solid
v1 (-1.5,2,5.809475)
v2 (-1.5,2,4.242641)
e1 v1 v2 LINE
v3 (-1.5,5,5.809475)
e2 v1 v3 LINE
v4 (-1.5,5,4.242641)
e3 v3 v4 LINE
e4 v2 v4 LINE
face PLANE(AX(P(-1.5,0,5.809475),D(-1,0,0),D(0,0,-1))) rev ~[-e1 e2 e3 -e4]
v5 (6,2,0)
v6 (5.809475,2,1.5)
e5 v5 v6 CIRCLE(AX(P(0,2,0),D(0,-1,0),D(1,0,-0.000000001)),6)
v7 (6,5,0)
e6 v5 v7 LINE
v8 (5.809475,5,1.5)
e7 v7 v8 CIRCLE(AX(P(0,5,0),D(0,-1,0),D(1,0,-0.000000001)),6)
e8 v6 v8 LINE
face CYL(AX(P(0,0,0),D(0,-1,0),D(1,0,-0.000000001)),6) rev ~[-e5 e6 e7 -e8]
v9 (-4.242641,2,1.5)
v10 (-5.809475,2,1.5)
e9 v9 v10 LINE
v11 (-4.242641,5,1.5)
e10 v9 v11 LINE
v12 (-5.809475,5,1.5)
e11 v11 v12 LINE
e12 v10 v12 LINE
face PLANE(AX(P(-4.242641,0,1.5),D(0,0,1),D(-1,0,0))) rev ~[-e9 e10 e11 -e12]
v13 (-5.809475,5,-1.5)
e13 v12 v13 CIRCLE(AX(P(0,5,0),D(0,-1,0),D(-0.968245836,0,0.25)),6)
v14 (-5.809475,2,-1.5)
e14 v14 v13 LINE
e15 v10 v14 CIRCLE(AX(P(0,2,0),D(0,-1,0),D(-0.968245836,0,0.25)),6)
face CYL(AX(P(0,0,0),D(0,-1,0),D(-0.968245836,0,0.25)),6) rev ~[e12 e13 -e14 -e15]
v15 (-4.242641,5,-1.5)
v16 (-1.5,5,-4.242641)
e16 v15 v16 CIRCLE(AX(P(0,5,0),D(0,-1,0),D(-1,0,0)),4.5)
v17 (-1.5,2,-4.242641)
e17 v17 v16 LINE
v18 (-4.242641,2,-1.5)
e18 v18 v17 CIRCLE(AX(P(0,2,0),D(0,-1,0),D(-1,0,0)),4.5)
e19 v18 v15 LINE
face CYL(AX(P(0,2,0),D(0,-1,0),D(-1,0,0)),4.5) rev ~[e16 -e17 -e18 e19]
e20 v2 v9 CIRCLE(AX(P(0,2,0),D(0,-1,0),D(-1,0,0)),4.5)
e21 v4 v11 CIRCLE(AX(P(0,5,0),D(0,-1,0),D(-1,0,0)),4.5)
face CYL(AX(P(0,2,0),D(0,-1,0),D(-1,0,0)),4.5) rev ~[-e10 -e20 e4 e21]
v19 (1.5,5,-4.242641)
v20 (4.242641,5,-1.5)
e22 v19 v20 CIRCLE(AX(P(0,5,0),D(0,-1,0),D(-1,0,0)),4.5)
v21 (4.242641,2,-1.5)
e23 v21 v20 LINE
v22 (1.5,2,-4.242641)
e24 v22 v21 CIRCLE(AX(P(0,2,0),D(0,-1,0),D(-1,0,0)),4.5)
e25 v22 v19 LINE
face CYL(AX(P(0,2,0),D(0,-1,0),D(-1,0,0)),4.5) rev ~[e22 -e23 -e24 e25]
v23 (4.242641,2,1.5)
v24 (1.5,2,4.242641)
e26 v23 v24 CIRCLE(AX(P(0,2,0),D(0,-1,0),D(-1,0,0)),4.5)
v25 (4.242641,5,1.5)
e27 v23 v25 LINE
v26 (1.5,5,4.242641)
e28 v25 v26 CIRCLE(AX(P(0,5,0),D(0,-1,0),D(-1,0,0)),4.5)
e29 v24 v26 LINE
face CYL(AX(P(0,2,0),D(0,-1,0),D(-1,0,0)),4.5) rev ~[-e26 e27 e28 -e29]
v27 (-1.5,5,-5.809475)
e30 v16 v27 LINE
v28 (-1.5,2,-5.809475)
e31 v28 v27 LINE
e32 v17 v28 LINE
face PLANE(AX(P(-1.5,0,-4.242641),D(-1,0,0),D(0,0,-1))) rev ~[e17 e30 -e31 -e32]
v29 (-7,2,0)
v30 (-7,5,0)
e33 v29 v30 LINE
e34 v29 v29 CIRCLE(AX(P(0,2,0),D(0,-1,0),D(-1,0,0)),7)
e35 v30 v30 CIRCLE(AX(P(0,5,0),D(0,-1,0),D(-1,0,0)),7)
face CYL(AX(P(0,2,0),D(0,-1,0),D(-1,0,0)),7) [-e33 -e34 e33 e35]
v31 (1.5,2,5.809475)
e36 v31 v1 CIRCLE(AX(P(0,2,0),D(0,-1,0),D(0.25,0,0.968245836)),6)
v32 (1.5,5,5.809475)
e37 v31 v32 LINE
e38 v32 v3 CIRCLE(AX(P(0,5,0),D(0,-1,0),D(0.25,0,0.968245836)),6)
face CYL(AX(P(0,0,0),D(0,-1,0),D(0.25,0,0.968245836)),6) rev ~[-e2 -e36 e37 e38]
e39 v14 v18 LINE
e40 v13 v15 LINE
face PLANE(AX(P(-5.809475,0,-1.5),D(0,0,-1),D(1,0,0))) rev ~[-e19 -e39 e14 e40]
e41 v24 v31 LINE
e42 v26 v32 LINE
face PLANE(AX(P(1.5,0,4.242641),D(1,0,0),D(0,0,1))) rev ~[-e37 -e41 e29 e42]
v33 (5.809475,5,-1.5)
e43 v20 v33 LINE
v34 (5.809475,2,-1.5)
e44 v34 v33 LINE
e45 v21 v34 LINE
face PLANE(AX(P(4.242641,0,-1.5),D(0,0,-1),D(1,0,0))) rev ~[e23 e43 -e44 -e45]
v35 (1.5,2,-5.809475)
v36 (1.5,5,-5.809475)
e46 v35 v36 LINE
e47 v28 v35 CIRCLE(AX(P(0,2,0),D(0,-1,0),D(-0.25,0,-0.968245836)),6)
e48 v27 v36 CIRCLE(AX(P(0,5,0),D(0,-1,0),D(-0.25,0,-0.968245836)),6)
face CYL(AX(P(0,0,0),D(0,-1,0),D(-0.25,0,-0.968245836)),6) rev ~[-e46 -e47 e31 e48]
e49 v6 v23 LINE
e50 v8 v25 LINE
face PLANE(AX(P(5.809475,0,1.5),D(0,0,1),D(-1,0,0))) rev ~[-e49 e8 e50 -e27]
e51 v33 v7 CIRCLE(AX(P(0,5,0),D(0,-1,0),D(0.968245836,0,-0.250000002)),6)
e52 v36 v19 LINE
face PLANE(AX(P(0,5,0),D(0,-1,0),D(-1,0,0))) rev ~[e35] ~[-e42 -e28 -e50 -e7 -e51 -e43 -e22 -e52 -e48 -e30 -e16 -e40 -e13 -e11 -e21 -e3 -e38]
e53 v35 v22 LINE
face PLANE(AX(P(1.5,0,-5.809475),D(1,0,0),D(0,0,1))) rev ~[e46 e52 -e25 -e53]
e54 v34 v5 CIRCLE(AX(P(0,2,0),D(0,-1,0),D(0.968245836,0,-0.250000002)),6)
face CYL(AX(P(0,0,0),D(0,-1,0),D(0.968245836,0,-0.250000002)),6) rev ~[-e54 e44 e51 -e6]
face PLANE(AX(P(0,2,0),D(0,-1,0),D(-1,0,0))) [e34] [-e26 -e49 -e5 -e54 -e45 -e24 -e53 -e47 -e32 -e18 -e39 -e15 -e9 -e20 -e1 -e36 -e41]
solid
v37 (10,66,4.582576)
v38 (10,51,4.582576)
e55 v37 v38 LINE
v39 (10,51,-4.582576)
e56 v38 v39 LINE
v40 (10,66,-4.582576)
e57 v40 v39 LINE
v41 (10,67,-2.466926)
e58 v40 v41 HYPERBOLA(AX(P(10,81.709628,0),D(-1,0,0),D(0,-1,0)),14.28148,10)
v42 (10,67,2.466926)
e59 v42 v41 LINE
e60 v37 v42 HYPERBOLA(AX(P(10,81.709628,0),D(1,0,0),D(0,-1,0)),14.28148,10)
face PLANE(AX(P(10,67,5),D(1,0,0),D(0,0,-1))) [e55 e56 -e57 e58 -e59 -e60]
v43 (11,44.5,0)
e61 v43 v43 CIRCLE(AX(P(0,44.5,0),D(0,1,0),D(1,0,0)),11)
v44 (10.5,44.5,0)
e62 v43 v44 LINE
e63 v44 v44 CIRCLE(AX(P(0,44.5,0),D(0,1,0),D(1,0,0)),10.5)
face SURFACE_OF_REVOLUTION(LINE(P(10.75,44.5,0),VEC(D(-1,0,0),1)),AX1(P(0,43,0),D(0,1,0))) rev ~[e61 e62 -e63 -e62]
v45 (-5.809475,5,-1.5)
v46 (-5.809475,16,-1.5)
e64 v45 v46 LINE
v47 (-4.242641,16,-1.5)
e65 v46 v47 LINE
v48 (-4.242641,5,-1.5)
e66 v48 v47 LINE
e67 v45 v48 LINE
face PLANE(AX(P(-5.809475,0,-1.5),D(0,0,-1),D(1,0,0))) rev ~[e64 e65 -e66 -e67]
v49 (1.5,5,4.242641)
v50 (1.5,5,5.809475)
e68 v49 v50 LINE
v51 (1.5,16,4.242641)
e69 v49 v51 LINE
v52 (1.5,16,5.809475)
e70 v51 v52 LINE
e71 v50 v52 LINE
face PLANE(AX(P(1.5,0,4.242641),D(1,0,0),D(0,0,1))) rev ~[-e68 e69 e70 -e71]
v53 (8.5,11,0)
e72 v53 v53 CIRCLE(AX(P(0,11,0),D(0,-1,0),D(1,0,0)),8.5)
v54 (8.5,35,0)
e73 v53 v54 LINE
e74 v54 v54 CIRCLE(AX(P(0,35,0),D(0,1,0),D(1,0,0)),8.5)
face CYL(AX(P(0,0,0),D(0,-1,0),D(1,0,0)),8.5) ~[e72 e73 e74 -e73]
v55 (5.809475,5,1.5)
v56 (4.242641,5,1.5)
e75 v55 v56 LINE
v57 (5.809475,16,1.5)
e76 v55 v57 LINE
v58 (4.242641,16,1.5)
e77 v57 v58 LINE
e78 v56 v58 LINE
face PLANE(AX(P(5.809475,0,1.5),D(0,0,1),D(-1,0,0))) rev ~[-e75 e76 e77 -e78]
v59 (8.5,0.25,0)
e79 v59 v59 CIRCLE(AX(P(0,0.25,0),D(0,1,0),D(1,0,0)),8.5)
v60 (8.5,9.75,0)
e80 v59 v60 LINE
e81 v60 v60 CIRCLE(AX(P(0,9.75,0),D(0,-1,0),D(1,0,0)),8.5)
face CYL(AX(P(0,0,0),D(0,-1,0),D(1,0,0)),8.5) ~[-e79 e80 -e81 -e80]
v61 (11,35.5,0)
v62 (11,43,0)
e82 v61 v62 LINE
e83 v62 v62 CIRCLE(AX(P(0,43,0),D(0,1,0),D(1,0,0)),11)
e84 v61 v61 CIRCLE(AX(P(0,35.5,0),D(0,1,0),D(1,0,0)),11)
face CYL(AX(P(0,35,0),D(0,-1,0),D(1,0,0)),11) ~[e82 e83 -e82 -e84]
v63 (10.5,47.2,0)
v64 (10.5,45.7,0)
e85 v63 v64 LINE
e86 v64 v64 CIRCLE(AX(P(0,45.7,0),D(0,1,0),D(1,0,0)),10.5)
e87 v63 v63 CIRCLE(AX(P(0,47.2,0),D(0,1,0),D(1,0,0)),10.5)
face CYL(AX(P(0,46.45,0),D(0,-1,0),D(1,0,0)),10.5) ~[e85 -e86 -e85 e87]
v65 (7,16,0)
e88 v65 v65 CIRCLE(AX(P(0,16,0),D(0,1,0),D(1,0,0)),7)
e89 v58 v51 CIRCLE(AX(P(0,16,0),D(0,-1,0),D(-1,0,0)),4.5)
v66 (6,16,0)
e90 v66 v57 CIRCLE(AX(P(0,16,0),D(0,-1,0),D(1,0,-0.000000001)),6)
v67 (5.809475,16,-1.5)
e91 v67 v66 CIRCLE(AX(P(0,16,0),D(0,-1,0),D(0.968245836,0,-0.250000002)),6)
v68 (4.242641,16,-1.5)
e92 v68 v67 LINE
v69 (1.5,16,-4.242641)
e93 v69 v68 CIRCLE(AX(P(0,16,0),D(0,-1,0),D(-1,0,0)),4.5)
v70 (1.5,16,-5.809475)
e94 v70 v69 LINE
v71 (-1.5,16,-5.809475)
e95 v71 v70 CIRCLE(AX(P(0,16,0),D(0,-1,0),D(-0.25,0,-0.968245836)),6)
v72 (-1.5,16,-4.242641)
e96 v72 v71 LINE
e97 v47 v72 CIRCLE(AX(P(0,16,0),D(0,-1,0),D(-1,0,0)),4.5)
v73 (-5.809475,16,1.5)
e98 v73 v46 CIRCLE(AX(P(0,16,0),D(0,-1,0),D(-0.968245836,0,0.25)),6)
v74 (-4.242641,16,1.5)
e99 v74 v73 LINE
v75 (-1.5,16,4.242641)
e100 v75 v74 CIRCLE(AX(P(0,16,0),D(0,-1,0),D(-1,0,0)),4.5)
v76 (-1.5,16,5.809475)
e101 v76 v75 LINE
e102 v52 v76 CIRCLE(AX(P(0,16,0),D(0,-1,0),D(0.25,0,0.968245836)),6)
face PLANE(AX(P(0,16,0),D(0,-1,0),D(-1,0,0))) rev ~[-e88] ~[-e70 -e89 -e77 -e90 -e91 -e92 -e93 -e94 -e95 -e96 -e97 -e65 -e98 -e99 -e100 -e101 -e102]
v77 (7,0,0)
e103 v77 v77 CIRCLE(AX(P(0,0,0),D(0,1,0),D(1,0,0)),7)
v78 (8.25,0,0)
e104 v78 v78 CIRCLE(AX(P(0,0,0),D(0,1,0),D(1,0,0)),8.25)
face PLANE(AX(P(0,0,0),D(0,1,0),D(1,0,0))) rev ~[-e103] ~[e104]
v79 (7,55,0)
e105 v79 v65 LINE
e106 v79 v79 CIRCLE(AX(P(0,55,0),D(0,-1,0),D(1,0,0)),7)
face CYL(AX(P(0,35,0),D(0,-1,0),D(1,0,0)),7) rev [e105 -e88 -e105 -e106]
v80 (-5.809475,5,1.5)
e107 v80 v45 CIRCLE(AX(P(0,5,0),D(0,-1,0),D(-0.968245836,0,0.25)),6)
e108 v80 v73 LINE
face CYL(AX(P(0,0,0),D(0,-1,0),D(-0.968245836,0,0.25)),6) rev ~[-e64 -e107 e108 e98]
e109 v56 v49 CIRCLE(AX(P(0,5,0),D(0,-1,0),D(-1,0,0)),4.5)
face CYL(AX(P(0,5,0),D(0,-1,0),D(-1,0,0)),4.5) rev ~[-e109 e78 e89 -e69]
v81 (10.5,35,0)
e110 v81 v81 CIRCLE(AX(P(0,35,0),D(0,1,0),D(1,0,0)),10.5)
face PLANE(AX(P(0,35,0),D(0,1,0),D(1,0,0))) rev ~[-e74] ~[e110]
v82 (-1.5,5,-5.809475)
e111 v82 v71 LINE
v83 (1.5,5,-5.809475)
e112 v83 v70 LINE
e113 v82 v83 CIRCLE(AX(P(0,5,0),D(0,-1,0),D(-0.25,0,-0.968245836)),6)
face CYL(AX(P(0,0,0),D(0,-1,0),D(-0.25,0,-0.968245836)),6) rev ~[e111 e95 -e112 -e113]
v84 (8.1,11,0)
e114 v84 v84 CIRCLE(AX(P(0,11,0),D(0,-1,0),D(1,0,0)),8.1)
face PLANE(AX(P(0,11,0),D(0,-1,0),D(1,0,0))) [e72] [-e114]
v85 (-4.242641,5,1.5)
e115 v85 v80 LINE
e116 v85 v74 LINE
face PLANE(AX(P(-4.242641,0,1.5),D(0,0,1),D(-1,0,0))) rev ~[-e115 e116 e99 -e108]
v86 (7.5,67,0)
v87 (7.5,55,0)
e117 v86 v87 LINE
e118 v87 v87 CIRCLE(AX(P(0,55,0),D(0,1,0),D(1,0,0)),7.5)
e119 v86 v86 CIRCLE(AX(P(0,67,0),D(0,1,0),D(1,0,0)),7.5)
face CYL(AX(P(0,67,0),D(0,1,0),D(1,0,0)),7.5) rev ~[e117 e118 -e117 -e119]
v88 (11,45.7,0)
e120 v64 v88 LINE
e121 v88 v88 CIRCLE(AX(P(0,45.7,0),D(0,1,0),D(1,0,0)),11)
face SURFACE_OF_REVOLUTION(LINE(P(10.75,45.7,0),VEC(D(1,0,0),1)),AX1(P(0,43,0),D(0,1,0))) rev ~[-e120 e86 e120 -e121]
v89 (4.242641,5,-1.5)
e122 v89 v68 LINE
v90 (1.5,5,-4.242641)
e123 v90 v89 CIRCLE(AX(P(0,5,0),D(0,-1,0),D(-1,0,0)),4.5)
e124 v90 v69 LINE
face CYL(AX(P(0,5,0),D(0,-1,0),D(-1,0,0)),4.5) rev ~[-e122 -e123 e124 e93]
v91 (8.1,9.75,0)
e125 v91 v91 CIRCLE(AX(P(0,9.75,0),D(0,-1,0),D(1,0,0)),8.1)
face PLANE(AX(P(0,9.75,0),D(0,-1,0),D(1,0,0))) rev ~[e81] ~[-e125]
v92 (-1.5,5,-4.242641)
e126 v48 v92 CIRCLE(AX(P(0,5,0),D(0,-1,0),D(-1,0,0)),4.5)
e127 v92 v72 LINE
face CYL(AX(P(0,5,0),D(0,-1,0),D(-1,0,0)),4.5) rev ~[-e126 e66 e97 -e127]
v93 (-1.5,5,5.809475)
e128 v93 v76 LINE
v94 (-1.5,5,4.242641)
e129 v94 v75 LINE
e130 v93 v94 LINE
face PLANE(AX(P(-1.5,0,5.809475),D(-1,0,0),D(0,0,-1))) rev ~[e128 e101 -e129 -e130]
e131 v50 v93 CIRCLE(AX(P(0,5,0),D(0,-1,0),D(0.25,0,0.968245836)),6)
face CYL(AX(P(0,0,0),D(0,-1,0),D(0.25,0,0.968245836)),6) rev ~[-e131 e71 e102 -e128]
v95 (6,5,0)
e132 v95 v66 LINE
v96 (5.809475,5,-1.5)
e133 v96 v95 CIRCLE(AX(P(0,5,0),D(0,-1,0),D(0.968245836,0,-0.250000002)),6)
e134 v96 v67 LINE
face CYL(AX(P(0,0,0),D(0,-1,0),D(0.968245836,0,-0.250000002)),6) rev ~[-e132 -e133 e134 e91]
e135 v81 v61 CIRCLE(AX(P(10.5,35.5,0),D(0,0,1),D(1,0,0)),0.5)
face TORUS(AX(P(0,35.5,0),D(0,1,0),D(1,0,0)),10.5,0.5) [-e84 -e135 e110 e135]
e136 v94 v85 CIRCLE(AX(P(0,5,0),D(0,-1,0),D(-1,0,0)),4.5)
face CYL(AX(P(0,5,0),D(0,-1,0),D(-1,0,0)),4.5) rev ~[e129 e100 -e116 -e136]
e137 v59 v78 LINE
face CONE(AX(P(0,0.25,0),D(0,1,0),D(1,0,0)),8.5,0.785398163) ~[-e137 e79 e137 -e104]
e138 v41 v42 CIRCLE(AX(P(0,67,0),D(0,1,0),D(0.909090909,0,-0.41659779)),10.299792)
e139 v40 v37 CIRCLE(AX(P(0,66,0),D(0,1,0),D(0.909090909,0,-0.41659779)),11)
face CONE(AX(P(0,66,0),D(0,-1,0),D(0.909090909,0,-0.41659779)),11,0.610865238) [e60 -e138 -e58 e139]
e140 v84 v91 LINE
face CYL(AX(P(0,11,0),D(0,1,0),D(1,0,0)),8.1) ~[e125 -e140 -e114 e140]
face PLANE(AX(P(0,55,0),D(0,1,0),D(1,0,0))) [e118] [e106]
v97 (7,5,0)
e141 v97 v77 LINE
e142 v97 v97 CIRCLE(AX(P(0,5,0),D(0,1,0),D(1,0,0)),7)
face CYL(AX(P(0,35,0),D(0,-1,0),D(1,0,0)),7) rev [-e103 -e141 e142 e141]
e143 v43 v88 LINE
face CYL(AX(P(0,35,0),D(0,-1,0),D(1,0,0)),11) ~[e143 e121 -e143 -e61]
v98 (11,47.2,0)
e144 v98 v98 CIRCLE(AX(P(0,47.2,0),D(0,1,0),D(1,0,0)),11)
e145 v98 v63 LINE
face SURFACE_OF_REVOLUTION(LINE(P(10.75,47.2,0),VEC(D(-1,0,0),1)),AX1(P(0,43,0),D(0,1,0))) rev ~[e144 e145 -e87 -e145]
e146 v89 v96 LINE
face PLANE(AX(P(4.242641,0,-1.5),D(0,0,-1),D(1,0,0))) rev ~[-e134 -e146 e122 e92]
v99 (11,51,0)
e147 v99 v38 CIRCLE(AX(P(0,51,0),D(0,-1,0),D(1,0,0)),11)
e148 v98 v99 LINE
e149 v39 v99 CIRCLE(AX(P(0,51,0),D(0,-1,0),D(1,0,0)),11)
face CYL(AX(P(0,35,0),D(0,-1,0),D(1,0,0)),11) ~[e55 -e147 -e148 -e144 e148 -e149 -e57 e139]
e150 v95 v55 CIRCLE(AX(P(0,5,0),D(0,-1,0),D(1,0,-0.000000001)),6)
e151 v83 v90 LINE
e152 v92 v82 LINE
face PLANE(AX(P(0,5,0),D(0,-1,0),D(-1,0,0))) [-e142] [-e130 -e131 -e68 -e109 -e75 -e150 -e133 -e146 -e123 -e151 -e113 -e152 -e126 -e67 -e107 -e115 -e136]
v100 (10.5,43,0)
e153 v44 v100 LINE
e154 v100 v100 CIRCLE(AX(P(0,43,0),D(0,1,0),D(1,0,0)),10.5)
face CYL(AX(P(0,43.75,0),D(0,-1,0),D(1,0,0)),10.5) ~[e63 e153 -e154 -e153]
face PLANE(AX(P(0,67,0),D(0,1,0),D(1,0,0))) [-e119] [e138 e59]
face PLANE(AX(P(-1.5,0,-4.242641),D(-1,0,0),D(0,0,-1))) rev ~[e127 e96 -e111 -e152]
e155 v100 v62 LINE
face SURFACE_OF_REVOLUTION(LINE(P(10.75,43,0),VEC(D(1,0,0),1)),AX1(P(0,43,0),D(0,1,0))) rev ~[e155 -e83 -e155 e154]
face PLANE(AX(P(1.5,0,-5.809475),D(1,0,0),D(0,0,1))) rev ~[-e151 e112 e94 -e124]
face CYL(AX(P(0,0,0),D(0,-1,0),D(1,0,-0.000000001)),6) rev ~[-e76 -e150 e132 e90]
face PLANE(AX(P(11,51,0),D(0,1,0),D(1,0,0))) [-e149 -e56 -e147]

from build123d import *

# Parameters (mm, degrees)
SKETCH3_R           = 8.5
SKETCH3_R_2         = 7
BOSS_EXTRUDE1_DEPTH = 35
SKETCH4_R           = 11
SKETCH4_R_2         = 7
BOSS_EXTRUDE2_DEPTH = 32
SKETCH9_W           = 0.5
SKETCH9_H           = 1.5
SKETCH11_W          = 2
SKETCH11_H          = 10
CUT_EXTRUDE1_DEPTH  = 16
CHAMFER2_SIZE       = 1
CHAMFER2_SIZE2      = 0.700207538
FILLET1_R           = 0.5
CHAMFER3_SIZE       = 0.25
SKETCH14_R          = 7.5
CUT_EXTRUDE3_DEPTH  = 12
BOSS_EXTRUDE3_START = -2
SKETCH12_R          = 7
SKETCH12_R_2        = 4.5
BOSS_EXTRUDE3_DEPTH = 3
BOSS_EXTRUDE4_START = -5
SKETCH12_2_R        = 7
SKETCH12_2_R_2      = 4.5
BOSS_EXTRUDE4_DEPTH = 11
CUT_EXTRUDE2_DEPTH  = 68
CUT_EXTRUDE4_START  = -11
SKETCH15_R          = 8.75
SKETCH15_R_2        = 8.1
CUT_EXTRUDE4_DEPTH  = 1.25


with BuildPart() as part:
    # Sketch3 → Boss-Extrude1 (new body)
    with BuildSketch(Plane(origin=(0, 0, 0), x_dir=(1, 0, 0), z_dir=(0, 1, 0))):
        Circle(SKETCH3_R)
        Circle(SKETCH3_R_2, mode=Mode.SUBTRACT)
    extrude(amount=BOSS_EXTRUDE1_DEPTH)

    # Sketch4 → Boss-Extrude2 (add)
    with BuildSketch(Plane(origin=(0, 35, 0), x_dir=(1, 0, 0), z_dir=(0, 1, 0))):
        Circle(SKETCH4_R)
        Circle(SKETCH4_R_2, mode=Mode.SUBTRACT)
    extrude(amount=BOSS_EXTRUDE2_DEPTH)

    # Cut-Sweep1: sweep along a path in Sketch6
    with BuildLine(Plane(origin=(0, 43, 0), x_dir=(1, 0, 0), z_dir=(0, 1, 0))) as cut_sweep1_path:
        CenterArc((0, 0), 11, 0, 360)
    # Sketch9 → Cut-Sweep1 (sweep, cut)
    with BuildSketch(Plane(origin=(0, 0, 0), x_dir=(0, 0, -1), z_dir=(1, 0, 0))):
        with Locations((10.75, 43.75)):
            Rectangle(SKETCH9_W, SKETCH9_H)
        with Locations((10.75, 46.45)):
            Rectangle(SKETCH9_W, SKETCH9_H)
    sweep(path=cut_sweep1_path.line, mode=Mode.SUBTRACT)

    # Sketch11 → Cut-Extrude1 (cut)
    with BuildSketch(Plane(origin=(0, 67, 0), x_dir=(1, 0, 0), z_dir=(0, 1, 0))):
        with Locations((11, 0)):
            Rectangle(SKETCH11_W, SKETCH11_H)
    extrude(amount=-CUT_EXTRUDE1_DEPTH, mode=Mode.SUBTRACT)

    # Chamfer2
    chamfer2_edges = [part.edges().sort_by_distance(p)[0] for p in [
        (-11, 67, 0),
    ]]
    chamfer2_side = [part.faces().sort_by_distance(p)[0] for p in [
        (-11, 57.1, 0),
    ]]
    chamfer(chamfer2_edges, length=CHAMFER2_SIZE, length2=CHAMFER2_SIZE2, reference=chamfer2_side[0])

    # Fillet1
    fillet1_edges = [part.edges().sort_by_distance(p)[0] for p in [
        (-11, 35, 0),
    ]]
    fillet(fillet1_edges, radius=FILLET1_R)

    # Chamfer3
    chamfer3_edges = [part.edges().sort_by_distance(p)[0] for p in [
        (-8.5, 0, 0),
    ]]
    chamfer(chamfer3_edges, length=CHAMFER3_SIZE)

    # Sketch14 → Cut-Extrude3 (cut)
    with BuildSketch(Plane(origin=(0, 67, 0), x_dir=(1, 0, 0), z_dir=(0, 1, 0))):
        Circle(SKETCH14_R)
    extrude(amount=-CUT_EXTRUDE3_DEPTH, mode=Mode.SUBTRACT)


with BuildPart() as body_2:
    # Sketch12 → Boss-Extrude3 (new body)
    with BuildSketch(Plane(origin=(0, 0, 0), x_dir=(-1, 0, 0), z_dir=(0, -1, 0)).offset(BOSS_EXTRUDE3_START)):
        Circle(SKETCH12_R)
        Circle(SKETCH12_R_2, mode=Mode.SUBTRACT)
    extrude(amount=-BOSS_EXTRUDE3_DEPTH)


with BuildPart() as body_3:
    # Sketch12<2> → Boss-Extrude4 (new body)
    with BuildSketch(Plane(origin=(0, 0, 0), x_dir=(-1, 0, 0), z_dir=(0, -1, 0)).offset(BOSS_EXTRUDE4_START)):
        Circle(SKETCH12_2_R)
        Circle(SKETCH12_2_R_2, mode=Mode.SUBTRACT)
    extrude(amount=-BOSS_EXTRUDE4_DEPTH)

    # Combine1: union part
    add(part.part)


with BuildPart() as cut_extrude2_tool:
    # Sketch13 → Cut-Extrude2 (new body, through all)
    with BuildSketch(Plane.XZ):
        with BuildLine():
            Line((-4.242640687, 1.5), (-5.809475019, 1.5))
            ThreePointArc((-5.809475019, 1.5), (-6, 0), (-5.809475019, -1.5))
            Line((-5.809475019, -1.5), (-4.242640687, -1.5))
            ThreePointArc((-4.242640687, -1.5), (-4.5, 0), (-4.242640687, 1.5))
        make_face()
        with BuildLine():
            Line((1.5, 4.242640687), (1.5, 5.809475019))
            ThreePointArc((1.5, 5.809475019), (0, 6), (-1.5, 5.809475019))
            Line((-1.5, 5.809475019), (-1.5, 4.242640687))
            ThreePointArc((-1.5, 4.242640687), (0, 4.5), (1.5, 4.242640687))
        make_face()
        with BuildLine():
            ThreePointArc((6, 0), (5.952178178, 0.756025755), (5.809475019, 1.5))
            Line((5.809475019, 1.5), (4.242640687, 1.5))
            ThreePointArc((4.242640687, 1.5), (4.435193518, 0.760958904), (4.5, 0))
            ThreePointArc((4.5, 0), (4.435193518, -0.760958904), (4.242640687, -1.5))
            Line((4.242640687, -1.5), (5.809475019, -1.5))
            ThreePointArc((5.809475019, -1.5), (5.952178178, -0.756025755), (6, 0))
        make_face()
        with BuildLine():
            ThreePointArc((-1.5, -5.809475019), (0, -6), (1.5, -5.809475019))
            Line((1.5, -5.809475019), (1.5, -4.242640687))
            ThreePointArc((1.5, -4.242640687), (0, -4.5), (-1.5, -4.242640687))
            Line((-1.5, -4.242640687), (-1.5, -5.809475019))
        make_face()
    extrude(amount=-CUT_EXTRUDE2_DEPTH)


with BuildPart() as body_2_1:
    add(body_2.part)

    # Cut-Extrude2: cut by cut_extrude2_tool
    add(cut_extrude2_tool.part, mode=Mode.SUBTRACT)


with BuildPart() as body_3_1:
    add(body_3.part)

    # Cut-Extrude2: cut by cut_extrude2_tool
    add(cut_extrude2_tool.part, mode=Mode.SUBTRACT)

    # Sketch15 → Cut-Extrude4 (cut)
    with BuildSketch(Plane.XZ.offset(CUT_EXTRUDE4_START)):
        Circle(SKETCH15_R)
        Circle(SKETCH15_R_2, mode=Mode.SUBTRACT)
    extrude(amount=CUT_EXTRUDE4_DEPTH, mode=Mode.SUBTRACT)


solid = Compound([body_2_1.part, body_3_1.part])
